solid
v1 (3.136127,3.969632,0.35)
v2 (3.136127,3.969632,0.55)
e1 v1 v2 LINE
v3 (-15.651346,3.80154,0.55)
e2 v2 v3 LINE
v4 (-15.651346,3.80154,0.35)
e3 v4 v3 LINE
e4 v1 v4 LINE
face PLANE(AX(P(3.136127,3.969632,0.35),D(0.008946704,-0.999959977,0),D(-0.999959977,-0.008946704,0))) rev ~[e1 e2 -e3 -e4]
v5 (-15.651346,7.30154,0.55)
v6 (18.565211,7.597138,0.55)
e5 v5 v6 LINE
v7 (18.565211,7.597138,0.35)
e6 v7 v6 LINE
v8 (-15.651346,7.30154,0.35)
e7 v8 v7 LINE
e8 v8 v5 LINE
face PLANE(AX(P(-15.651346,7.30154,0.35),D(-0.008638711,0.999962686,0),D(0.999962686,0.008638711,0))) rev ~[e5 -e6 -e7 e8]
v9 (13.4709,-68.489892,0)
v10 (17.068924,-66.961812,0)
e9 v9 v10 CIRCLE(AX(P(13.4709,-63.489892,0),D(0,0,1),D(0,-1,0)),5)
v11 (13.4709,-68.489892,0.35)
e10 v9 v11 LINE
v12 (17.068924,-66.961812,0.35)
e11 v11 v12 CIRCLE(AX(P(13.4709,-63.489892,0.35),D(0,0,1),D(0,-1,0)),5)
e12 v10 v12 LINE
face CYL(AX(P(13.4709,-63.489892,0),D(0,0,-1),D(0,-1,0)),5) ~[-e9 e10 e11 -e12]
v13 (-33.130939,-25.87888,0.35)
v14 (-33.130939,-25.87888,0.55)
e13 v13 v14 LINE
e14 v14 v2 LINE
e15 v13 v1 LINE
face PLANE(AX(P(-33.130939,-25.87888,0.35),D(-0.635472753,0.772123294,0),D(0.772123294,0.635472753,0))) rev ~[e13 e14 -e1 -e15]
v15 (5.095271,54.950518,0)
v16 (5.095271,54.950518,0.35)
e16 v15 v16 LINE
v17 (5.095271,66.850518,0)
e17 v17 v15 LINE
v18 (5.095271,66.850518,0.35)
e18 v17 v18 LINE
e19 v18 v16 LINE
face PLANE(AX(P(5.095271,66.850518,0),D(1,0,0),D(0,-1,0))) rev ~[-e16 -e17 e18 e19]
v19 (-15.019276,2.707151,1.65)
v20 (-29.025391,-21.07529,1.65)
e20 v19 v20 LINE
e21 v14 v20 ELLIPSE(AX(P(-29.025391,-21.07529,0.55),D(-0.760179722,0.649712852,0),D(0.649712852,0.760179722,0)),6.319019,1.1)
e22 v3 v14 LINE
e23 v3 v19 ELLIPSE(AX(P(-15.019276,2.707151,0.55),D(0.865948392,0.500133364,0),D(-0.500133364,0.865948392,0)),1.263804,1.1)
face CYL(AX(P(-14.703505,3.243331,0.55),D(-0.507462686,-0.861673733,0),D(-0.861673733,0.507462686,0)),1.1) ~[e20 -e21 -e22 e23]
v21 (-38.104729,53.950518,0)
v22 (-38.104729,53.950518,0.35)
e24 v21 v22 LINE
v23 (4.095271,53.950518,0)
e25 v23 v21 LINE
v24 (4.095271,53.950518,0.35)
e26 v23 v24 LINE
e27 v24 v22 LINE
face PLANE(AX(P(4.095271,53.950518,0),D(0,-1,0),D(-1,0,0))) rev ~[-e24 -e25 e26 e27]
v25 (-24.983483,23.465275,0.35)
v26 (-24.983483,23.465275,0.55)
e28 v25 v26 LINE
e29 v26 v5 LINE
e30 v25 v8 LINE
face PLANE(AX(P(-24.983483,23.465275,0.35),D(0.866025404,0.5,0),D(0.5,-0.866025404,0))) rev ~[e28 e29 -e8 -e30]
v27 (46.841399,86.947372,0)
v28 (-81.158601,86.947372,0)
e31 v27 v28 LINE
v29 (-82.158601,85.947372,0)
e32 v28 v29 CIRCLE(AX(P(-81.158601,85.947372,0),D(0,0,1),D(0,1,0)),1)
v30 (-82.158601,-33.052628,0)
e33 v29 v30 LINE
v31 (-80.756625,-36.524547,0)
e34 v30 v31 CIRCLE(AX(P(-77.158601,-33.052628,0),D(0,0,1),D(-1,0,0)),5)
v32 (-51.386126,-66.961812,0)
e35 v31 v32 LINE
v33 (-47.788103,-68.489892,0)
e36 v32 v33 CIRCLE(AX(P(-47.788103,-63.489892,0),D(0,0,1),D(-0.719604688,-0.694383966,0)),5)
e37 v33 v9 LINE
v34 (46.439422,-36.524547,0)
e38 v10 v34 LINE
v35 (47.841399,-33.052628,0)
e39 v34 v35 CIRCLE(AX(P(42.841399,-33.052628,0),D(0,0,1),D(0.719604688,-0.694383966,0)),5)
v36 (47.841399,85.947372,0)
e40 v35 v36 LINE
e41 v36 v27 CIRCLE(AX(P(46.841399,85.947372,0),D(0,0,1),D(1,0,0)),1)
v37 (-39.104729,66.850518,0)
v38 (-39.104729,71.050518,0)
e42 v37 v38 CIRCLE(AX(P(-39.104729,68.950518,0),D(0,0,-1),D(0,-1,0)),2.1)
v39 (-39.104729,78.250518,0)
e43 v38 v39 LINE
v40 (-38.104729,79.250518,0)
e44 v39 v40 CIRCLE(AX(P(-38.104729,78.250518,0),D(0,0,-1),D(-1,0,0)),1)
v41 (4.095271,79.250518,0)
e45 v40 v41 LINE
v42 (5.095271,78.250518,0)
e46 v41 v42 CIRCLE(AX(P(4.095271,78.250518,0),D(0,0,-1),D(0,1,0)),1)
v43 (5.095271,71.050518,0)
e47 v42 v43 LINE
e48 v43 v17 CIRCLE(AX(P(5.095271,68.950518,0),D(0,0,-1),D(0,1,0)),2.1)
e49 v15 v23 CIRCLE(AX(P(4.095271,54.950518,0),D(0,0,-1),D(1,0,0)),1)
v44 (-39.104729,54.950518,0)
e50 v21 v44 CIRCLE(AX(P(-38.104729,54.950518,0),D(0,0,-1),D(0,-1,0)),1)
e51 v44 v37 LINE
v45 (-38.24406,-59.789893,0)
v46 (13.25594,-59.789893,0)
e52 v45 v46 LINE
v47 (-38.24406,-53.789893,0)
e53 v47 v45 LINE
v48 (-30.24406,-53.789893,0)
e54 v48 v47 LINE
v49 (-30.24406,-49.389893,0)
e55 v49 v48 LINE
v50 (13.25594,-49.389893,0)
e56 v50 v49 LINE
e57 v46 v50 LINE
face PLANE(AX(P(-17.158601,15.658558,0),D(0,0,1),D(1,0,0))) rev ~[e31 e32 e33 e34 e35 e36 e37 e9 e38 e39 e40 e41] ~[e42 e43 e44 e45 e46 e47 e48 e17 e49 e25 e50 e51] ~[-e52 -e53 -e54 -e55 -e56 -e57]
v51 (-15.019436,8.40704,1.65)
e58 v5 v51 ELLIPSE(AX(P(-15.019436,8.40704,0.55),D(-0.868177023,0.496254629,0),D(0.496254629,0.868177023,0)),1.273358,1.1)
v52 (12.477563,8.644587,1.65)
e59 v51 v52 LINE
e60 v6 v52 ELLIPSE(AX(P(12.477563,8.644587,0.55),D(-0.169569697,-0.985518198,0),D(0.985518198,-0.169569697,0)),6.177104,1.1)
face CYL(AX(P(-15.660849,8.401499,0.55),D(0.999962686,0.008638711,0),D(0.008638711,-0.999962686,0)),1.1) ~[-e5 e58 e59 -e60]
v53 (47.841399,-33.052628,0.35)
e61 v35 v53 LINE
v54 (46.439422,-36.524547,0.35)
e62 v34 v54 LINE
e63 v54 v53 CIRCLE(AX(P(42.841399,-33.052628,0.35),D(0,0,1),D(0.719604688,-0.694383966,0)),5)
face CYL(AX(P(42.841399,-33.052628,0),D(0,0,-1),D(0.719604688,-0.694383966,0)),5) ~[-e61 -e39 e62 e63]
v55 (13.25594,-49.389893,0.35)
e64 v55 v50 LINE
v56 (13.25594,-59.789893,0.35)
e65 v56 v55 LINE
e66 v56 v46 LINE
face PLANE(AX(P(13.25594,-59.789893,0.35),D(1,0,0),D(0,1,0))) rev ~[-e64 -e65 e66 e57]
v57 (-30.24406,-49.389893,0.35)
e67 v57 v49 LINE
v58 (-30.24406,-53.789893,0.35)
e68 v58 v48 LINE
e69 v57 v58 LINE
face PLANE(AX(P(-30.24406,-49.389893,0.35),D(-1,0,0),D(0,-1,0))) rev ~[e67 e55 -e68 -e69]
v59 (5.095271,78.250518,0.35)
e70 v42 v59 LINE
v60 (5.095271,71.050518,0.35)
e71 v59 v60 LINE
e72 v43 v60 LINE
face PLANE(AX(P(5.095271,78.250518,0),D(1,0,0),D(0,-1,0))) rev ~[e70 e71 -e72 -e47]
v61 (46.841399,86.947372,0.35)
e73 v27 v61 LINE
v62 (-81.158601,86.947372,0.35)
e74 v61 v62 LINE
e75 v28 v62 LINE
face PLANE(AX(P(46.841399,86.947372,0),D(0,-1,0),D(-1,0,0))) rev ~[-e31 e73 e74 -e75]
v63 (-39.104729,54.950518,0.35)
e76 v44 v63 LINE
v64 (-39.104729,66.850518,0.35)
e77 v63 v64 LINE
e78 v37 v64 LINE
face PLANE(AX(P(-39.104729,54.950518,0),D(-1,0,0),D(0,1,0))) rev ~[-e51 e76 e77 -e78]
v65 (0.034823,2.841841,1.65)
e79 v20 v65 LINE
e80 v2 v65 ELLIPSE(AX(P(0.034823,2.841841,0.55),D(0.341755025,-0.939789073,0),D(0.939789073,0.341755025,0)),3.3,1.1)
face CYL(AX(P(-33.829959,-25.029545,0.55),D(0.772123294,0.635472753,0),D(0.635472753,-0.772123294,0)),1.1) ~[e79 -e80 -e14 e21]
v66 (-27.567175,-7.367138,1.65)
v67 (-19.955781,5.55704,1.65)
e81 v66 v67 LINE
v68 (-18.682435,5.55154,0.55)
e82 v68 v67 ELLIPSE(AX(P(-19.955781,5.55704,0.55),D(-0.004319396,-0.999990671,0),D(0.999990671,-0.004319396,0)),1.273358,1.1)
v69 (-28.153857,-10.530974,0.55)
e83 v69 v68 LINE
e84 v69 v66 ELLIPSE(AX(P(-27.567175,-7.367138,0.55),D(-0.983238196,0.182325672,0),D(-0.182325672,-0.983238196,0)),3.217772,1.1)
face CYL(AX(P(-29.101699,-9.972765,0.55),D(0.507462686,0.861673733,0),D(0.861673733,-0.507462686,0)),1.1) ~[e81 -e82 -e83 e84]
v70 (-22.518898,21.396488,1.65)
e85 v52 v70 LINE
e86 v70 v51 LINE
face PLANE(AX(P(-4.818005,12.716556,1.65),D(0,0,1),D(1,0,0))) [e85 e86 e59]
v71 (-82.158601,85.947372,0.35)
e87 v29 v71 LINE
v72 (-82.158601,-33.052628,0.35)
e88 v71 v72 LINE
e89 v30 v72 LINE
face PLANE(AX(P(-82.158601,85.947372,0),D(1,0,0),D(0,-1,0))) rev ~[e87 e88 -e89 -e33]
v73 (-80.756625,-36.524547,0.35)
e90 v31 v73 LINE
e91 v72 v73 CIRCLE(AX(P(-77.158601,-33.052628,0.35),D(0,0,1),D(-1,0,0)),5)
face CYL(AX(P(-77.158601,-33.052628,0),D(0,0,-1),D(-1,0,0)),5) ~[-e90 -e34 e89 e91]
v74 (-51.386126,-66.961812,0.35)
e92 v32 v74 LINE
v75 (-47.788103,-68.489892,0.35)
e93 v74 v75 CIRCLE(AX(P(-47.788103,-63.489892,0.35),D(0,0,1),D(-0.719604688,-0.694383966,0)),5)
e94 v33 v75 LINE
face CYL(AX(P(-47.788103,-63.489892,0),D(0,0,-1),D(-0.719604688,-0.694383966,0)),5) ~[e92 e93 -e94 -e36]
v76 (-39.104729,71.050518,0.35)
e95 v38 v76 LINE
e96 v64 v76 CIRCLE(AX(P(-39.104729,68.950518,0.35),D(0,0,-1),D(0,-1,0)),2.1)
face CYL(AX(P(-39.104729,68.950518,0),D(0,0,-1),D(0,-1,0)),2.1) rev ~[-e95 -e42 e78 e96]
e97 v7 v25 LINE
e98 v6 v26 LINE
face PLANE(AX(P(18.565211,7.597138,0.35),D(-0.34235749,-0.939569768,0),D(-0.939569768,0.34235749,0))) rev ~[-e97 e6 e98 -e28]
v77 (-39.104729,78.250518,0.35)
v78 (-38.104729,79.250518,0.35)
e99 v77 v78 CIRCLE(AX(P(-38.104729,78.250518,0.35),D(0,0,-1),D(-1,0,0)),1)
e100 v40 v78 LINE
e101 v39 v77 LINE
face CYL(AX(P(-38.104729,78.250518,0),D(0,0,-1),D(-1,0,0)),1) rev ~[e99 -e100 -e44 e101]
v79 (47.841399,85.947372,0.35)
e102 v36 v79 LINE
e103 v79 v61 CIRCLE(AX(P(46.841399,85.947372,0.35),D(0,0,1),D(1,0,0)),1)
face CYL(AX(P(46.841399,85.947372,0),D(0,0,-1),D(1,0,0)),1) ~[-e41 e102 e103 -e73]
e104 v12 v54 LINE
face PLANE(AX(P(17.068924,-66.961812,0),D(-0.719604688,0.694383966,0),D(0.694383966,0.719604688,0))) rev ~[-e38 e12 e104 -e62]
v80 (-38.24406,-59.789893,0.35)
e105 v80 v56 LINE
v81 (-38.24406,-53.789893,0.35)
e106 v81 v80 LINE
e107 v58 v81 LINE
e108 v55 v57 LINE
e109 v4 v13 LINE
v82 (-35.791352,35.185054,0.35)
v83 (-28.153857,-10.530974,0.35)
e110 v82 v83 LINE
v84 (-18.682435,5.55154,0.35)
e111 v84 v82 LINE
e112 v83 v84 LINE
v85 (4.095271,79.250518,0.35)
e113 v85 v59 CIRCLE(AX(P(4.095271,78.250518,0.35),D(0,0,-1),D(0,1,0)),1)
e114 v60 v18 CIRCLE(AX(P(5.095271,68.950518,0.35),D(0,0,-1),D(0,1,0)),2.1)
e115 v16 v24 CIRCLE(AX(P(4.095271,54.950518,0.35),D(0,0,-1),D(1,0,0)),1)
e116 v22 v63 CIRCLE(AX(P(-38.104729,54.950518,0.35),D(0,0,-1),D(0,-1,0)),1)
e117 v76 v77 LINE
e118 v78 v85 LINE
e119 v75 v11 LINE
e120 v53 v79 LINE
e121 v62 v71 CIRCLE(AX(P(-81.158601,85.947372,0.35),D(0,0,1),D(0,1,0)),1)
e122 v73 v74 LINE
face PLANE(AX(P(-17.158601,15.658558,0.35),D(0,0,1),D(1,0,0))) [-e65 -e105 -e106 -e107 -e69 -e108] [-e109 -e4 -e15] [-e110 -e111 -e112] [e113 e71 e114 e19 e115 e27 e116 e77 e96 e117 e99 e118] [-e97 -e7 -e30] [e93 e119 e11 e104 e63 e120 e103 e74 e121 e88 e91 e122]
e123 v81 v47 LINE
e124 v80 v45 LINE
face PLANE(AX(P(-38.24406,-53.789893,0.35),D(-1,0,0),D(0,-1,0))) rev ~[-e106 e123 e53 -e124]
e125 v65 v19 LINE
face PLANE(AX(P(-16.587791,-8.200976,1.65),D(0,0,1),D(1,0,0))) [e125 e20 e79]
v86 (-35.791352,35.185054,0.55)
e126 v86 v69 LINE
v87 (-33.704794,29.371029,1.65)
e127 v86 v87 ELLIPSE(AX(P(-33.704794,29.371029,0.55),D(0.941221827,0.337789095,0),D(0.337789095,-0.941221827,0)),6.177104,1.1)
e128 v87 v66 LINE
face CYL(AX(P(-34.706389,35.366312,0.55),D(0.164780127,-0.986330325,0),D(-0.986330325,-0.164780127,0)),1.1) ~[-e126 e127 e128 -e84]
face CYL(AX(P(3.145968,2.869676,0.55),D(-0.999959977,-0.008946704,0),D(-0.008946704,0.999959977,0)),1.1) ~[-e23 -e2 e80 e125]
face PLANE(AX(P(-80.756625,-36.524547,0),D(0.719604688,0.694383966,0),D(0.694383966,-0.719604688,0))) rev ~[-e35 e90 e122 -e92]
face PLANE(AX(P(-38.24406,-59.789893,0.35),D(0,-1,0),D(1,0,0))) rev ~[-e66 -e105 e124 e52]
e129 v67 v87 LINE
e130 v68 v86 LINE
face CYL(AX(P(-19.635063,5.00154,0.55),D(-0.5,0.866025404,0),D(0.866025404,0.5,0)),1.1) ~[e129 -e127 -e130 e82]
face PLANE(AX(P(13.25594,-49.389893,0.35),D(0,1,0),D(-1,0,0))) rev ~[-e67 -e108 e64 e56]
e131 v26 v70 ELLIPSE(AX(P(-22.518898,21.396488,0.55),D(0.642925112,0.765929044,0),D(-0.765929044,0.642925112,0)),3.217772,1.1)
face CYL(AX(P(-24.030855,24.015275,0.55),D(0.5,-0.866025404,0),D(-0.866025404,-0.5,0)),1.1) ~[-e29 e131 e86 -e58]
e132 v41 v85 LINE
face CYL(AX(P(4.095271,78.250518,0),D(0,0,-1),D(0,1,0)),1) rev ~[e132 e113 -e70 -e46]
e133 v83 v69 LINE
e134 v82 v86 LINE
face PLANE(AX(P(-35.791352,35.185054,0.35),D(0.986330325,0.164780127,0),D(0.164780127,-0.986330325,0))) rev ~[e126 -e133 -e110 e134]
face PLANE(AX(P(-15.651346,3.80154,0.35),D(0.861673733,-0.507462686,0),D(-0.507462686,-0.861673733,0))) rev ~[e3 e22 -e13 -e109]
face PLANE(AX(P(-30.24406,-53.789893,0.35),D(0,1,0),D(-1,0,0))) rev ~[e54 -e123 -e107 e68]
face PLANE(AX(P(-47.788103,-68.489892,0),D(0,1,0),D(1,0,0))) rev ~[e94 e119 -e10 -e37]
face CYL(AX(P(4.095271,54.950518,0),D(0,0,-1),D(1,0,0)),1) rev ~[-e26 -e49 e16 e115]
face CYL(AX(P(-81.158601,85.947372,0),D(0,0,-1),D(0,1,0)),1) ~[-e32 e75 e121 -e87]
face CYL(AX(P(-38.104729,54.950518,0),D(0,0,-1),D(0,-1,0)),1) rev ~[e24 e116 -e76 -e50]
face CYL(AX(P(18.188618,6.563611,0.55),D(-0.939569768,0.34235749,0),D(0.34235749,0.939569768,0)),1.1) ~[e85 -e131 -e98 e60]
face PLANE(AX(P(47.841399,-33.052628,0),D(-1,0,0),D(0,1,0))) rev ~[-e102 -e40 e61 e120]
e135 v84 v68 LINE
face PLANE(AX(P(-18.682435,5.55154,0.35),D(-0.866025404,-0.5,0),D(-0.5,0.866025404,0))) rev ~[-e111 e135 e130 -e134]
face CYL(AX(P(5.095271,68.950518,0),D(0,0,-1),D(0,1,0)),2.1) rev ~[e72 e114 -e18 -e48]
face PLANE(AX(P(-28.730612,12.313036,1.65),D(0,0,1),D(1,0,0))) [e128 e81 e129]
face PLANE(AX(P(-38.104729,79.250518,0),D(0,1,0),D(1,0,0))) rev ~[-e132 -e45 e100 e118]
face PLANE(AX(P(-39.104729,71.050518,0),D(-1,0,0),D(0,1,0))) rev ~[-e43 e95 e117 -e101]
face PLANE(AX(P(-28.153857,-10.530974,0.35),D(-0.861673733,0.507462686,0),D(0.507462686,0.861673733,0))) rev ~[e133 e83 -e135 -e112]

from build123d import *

# Parameters (mm, degrees)
F1_DEPTH = 0.35
F3_DEPTH = 2
F5_DEPTH = 1.3
F6_R     = 1.1


with BuildPart() as f1:
    # F0 (on Top) → F1 (new body)
    with BuildSketch(Plane.XY):
        with BuildLine():
            Line((47.8413986466, -33.0526276553), (47.8413986466, 85.9473723447))
            ThreePointArc((47.8413986466, 85.9473723447), (47.5485054278, 86.6544791259), (46.8413986466, 86.9473723447))
            Line((46.8413986466, 86.9473723447), (-81.1586013534, 86.9473723447))
            ThreePointArc((-81.1586013534, 86.9473723447), (-81.8657081346, 86.6544791259), (-82.1586013534, 85.9473723447))
            Line((-82.1586013534, 85.9473723447), (-82.1586013534, -33.0526276553))
            ThreePointArc((-82.1586013534, -33.0526276553), (-81.7948777262, -34.9247765264), (-80.7566247951, -36.5245474862))
            Line((-80.7566247951, -36.5245474862), (-51.3861264072, -66.9618118353))
            ThreePointArc((-51.3861264072, -66.9618118353), (-49.742636266, -68.0920436291), (-47.7881029655, -68.4898920043))
            Line((-47.7881029655, -68.4898920043), (13.4709002587, -68.4898920043))
            ThreePointArc((13.4709002587, -68.4898920043), (15.4254335591, -68.0920436291), (17.0689237004, -66.9618118353))
            Line((17.0689237004, -66.9618118353), (46.4394220883, -36.5245474862))
            ThreePointArc((46.4394220883, -36.5245474862), (47.4776750193, -34.9247765264), (47.8413986466, -33.0526276553))
        make_face()
        with BuildLine():
            ThreePointArc((-39.1047286936, 78.250517656), (-38.8118354748, 78.9576244372), (-38.1047286936, 79.250517656))
            Line((-38.1047286936, 79.250517656), (4.0952713064, 79.250517656))
            ThreePointArc((4.0952713064, 79.250517656), (4.8023780876, 78.9576244372), (5.0952713064, 78.250517656))
            Line((5.0952713064, 78.250517656), (5.0952713064, 71.050517656))
            ThreePointArc((5.0952713064, 71.050517656), (7.1952713064, 68.950517656), (5.0952713064, 66.850517656))
            Line((5.0952713064, 66.850517656), (5.0952713064, 54.950517656))
            ThreePointArc((5.0952713064, 54.950517656), (4.8023780876, 54.2434108748), (4.0952713064, 53.950517656))
            Line((4.0952713064, 53.950517656), (-38.1047286936, 53.950517656))
            ThreePointArc((-38.1047286936, 53.950517656), (-38.8118354748, 54.2434108748), (-39.1047286936, 54.950517656))
            Line((-39.1047286936, 54.950517656), (-39.1047286936, 66.850517656))
            ThreePointArc((-39.1047286936, 66.850517656), (-41.2047286936, 68.950517656), (-39.1047286936, 71.050517656))
            Line((-39.1047286936, 71.050517656), (-39.1047286936, 78.250517656))
        make_face(mode=Mode.SUBTRACT)
    extrude(amount=F1_DEPTH)

    # F2 (on face) → F3 (cut)
    with BuildSketch(Plane.XY.offset(0.35)):
        Polygon((13.2559401929, -49.3898926318), (-30.2440598071, -49.3898926318), (-30.2440598071, -53.7898926318), (-38.2440598071, -53.7898926318), (-38.2440598071, -59.7898926318), (-30.2440598071, -59.7898926318), (13.2559401929, -59.7898926318), align=None)
    extrude(amount=-F3_DEPTH, mode=Mode.SUBTRACT)

    # F4 (on face) → F5 (join)
    with BuildSketch(Plane.XY.offset(0.35)):
        Polygon((-35.7913524045, 35.1850536081), (-28.1538574591, -10.5309743335), (-18.6824351945, 5.5515397377), align=None)
        Polygon((18.5652113225, 7.5971377061), (-24.9834829413, 23.4652745761), (-15.6513462812, 7.3015397377), align=None)
        Polygon((-33.1309387548, -25.878880379), (3.1361268654, 3.9696324182), (-15.6513462812, 3.8015397377), align=None)
    extrude(amount=F5_DEPTH)

    # F6
    f6_edges = [f1.edges().sort_by_distance(p)[0] for p in [
        (-14.997406, -10.954624, 1.65),
        (-6.25761, 3.885586, 1.65),
        (-24.391143, -11.03867, 1.65),
        (-31.972605, 12.32704, 1.65),
        (-23.418146, -2.489717, 1.65),
        (-27.236894, 20.368297, 1.65),
        (1.456933, 7.449339, 1.65),
        (-3.209136, 15.531206, 1.65),
        (-20.317415, 15.383407, 1.65),
    ]]
    fillet(f6_edges, radius=F6_R)


solid = f1.part
